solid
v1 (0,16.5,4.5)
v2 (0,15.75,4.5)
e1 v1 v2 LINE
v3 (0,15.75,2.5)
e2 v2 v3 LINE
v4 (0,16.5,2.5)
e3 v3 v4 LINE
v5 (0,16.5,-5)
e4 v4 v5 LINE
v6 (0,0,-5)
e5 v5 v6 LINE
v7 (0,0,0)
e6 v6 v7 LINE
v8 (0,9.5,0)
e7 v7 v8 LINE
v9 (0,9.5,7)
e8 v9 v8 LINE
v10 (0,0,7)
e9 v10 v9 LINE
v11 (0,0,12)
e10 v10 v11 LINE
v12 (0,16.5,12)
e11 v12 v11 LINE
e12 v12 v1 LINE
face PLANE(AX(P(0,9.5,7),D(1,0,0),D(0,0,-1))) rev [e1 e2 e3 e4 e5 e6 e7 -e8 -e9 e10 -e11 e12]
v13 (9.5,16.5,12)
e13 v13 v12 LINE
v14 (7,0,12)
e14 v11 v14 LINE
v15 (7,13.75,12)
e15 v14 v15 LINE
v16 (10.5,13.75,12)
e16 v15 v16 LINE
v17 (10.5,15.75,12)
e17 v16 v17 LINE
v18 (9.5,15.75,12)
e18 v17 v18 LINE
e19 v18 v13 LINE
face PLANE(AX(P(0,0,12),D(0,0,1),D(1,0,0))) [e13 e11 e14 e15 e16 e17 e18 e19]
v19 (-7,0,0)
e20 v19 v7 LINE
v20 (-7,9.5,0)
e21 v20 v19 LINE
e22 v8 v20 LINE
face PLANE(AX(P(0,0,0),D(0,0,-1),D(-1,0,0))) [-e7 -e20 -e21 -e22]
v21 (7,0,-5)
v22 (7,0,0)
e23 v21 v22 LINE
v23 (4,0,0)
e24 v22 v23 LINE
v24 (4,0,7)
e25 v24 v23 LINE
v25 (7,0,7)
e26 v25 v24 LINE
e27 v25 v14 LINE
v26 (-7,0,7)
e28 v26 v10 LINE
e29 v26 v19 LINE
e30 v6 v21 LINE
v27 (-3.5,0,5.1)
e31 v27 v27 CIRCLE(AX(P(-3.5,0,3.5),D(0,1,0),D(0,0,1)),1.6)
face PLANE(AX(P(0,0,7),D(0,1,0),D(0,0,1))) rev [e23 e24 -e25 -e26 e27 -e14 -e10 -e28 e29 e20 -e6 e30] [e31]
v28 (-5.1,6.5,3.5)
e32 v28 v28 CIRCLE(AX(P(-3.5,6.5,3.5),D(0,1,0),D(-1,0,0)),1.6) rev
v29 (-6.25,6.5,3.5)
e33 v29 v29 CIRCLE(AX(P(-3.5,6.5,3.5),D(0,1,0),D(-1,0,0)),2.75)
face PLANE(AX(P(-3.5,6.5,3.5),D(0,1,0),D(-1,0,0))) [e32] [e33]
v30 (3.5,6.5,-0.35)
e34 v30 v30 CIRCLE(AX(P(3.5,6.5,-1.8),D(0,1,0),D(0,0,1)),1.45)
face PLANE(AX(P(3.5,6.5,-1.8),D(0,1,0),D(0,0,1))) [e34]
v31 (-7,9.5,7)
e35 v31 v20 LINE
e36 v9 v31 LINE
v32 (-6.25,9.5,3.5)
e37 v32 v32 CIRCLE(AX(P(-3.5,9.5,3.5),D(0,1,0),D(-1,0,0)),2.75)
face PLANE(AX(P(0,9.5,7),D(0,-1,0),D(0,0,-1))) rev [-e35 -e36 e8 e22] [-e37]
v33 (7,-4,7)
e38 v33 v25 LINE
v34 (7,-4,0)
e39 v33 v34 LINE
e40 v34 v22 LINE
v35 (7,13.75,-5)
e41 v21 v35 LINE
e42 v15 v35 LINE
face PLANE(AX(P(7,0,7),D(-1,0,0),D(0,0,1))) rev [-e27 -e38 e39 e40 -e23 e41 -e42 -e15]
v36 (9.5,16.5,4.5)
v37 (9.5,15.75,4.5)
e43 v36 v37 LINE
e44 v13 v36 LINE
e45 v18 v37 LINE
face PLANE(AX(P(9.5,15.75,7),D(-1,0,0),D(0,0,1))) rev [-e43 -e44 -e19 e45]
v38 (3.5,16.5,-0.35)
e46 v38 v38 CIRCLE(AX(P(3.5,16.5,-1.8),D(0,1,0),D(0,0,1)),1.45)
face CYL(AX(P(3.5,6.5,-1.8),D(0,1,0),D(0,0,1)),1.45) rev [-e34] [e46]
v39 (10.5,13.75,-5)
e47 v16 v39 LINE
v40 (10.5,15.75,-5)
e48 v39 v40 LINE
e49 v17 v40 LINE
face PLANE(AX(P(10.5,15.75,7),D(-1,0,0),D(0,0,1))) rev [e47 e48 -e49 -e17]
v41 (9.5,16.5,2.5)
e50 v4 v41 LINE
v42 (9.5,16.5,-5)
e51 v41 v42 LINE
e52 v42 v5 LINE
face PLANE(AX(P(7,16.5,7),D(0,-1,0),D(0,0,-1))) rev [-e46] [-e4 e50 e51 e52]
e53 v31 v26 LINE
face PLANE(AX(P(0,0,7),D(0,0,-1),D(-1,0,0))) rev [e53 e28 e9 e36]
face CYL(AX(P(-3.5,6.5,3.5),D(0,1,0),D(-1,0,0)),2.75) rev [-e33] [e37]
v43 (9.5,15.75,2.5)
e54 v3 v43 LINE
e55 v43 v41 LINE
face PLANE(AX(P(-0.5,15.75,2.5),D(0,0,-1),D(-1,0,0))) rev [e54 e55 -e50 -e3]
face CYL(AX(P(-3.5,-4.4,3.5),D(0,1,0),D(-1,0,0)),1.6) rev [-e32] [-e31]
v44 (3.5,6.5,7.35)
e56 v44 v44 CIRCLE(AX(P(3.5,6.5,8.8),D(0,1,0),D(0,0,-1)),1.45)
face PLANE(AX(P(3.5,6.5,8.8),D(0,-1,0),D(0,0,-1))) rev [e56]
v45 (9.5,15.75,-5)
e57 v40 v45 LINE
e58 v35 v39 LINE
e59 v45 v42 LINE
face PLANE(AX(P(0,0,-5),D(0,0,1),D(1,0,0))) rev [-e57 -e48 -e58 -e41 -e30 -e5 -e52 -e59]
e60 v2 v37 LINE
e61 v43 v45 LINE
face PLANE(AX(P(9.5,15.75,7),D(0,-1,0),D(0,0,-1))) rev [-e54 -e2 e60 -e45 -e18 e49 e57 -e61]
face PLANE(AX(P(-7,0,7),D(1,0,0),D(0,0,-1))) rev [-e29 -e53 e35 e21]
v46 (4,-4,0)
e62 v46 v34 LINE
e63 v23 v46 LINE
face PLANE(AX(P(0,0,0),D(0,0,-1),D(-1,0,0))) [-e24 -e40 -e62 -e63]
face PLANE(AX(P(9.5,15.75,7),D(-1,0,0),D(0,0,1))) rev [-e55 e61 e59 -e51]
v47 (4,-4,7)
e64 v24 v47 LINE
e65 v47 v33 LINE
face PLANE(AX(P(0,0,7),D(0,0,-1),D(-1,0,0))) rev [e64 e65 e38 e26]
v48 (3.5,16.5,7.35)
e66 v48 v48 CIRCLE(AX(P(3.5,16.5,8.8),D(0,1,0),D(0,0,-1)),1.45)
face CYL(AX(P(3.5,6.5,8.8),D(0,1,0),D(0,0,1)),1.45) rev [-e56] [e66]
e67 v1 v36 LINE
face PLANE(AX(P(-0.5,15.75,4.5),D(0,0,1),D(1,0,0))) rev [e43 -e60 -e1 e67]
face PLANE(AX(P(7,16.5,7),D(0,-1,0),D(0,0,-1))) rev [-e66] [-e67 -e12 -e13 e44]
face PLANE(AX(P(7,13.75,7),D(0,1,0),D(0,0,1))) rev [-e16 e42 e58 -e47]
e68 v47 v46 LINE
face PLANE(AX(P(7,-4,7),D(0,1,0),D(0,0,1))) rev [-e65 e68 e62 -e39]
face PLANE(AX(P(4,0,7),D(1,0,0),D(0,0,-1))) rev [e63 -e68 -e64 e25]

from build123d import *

# Parameters (mm, degrees)
SALIENTE_EXTRUIR1_DEPTH      = 7
CROQUIS5_R                   = 1.6
CORTAR_EXTRUIR2_DEPTH        = 13.9
CROQUIS6_R                   = 2.75
CORTAR_EXTRUIR3_DEPTH        = 3
SALIENTE_EXTRUIR2_DEPTH      = 5
SALIENTE_EXTRUIR2_DEPTH_BACK = 12
CROQUIS8_R                   = 1.45
CORTAR_EXTRUIR4_DEPTH        = 10
CROQUIS9_W                   = 2
CROQUIS9_H                   = 0.75
CORTAR_EXTRUIR5_DEPTH        = 10


with BuildPart() as part:
    # Croquis1 → Saliente-Extruir1 (new body)
    with BuildSketch(Plane.XY):
        Polygon((0, 0), (4, 0), (4, -4), (7, -4), (7, 0), (7, 13.75), (10.5, 13.75), (10.5, 15.75), (9.5, 15.75), (9.5, 16.5), (7, 16.5), (0, 16.5), (0, 9.5), (-7, 9.5), (-7, 0), align=None)
    extrude(amount=SALIENTE_EXTRUIR1_DEPTH)

    # Croquis5 → Cortar-Extruir2 (cut)
    with BuildSketch(Plane(origin=(0, 9.5, 0), x_dir=(1, 0, 0), z_dir=(0, 1, 0))):
        with Locations(Location((-3.5, -3.5, 0), (0, 0, 180))):
            Circle(CROQUIS5_R)
    extrude(amount=-CORTAR_EXTRUIR2_DEPTH, mode=Mode.SUBTRACT)

    # Croquis6 → Cortar-Extruir3 (cut)
    with BuildSketch(Plane(origin=(0, 9.5, 0), x_dir=(1, 0, 0), z_dir=(0, 1, 0))):
        with Locations(Location((-3.5, -3.5, 0), (0, 0, 180))):
            Circle(CROQUIS6_R)
    extrude(amount=-CORTAR_EXTRUIR3_DEPTH, mode=Mode.SUBTRACT)

    # Croquis7 → Saliente-Extruir2 (add, two sides: drawn at the far end of the back side and taken through both)
    with BuildSketch(Plane.XY.offset(7).offset(-SALIENTE_EXTRUIR2_DEPTH_BACK)):
        Polygon((0, 16.5), (0, 0), (7, 0), (7, 13.75), (10.5, 13.75), (10.5, 15.75), (9.5, 15.75), (9.5, 16.5), align=None)
    extrude(amount=SALIENTE_EXTRUIR2_DEPTH + SALIENTE_EXTRUIR2_DEPTH_BACK)

    # Croquis8 → Cortar-Extruir4 (cut)
    with BuildSketch(Plane(origin=(0, 16.5, 0), x_dir=(1, 0, 0), z_dir=(0, 1, 0))):
        with Locations(Location((3.5, 1.8, 0), (0, 0, 270))):
            Circle(CROQUIS8_R)
        with Locations(Location((3.5, -8.8, 0), (0, 0, 90))):
            Circle(CROQUIS8_R)
    extrude(amount=-CORTAR_EXTRUIR4_DEPTH, mode=Mode.SUBTRACT)

    # Croquis9 → Cortar-Extruir5 (cut)
    with BuildSketch(Plane(origin=(9.5, 0, 0), x_dir=(0, 0, -1), z_dir=(1, 0, 0))):
        with Locations((-3.5, 16.125)):
            Rectangle(CROQUIS9_W, CROQUIS9_H)
    extrude(amount=-CORTAR_EXTRUIR5_DEPTH, mode=Mode.SUBTRACT)


solid = part.part
